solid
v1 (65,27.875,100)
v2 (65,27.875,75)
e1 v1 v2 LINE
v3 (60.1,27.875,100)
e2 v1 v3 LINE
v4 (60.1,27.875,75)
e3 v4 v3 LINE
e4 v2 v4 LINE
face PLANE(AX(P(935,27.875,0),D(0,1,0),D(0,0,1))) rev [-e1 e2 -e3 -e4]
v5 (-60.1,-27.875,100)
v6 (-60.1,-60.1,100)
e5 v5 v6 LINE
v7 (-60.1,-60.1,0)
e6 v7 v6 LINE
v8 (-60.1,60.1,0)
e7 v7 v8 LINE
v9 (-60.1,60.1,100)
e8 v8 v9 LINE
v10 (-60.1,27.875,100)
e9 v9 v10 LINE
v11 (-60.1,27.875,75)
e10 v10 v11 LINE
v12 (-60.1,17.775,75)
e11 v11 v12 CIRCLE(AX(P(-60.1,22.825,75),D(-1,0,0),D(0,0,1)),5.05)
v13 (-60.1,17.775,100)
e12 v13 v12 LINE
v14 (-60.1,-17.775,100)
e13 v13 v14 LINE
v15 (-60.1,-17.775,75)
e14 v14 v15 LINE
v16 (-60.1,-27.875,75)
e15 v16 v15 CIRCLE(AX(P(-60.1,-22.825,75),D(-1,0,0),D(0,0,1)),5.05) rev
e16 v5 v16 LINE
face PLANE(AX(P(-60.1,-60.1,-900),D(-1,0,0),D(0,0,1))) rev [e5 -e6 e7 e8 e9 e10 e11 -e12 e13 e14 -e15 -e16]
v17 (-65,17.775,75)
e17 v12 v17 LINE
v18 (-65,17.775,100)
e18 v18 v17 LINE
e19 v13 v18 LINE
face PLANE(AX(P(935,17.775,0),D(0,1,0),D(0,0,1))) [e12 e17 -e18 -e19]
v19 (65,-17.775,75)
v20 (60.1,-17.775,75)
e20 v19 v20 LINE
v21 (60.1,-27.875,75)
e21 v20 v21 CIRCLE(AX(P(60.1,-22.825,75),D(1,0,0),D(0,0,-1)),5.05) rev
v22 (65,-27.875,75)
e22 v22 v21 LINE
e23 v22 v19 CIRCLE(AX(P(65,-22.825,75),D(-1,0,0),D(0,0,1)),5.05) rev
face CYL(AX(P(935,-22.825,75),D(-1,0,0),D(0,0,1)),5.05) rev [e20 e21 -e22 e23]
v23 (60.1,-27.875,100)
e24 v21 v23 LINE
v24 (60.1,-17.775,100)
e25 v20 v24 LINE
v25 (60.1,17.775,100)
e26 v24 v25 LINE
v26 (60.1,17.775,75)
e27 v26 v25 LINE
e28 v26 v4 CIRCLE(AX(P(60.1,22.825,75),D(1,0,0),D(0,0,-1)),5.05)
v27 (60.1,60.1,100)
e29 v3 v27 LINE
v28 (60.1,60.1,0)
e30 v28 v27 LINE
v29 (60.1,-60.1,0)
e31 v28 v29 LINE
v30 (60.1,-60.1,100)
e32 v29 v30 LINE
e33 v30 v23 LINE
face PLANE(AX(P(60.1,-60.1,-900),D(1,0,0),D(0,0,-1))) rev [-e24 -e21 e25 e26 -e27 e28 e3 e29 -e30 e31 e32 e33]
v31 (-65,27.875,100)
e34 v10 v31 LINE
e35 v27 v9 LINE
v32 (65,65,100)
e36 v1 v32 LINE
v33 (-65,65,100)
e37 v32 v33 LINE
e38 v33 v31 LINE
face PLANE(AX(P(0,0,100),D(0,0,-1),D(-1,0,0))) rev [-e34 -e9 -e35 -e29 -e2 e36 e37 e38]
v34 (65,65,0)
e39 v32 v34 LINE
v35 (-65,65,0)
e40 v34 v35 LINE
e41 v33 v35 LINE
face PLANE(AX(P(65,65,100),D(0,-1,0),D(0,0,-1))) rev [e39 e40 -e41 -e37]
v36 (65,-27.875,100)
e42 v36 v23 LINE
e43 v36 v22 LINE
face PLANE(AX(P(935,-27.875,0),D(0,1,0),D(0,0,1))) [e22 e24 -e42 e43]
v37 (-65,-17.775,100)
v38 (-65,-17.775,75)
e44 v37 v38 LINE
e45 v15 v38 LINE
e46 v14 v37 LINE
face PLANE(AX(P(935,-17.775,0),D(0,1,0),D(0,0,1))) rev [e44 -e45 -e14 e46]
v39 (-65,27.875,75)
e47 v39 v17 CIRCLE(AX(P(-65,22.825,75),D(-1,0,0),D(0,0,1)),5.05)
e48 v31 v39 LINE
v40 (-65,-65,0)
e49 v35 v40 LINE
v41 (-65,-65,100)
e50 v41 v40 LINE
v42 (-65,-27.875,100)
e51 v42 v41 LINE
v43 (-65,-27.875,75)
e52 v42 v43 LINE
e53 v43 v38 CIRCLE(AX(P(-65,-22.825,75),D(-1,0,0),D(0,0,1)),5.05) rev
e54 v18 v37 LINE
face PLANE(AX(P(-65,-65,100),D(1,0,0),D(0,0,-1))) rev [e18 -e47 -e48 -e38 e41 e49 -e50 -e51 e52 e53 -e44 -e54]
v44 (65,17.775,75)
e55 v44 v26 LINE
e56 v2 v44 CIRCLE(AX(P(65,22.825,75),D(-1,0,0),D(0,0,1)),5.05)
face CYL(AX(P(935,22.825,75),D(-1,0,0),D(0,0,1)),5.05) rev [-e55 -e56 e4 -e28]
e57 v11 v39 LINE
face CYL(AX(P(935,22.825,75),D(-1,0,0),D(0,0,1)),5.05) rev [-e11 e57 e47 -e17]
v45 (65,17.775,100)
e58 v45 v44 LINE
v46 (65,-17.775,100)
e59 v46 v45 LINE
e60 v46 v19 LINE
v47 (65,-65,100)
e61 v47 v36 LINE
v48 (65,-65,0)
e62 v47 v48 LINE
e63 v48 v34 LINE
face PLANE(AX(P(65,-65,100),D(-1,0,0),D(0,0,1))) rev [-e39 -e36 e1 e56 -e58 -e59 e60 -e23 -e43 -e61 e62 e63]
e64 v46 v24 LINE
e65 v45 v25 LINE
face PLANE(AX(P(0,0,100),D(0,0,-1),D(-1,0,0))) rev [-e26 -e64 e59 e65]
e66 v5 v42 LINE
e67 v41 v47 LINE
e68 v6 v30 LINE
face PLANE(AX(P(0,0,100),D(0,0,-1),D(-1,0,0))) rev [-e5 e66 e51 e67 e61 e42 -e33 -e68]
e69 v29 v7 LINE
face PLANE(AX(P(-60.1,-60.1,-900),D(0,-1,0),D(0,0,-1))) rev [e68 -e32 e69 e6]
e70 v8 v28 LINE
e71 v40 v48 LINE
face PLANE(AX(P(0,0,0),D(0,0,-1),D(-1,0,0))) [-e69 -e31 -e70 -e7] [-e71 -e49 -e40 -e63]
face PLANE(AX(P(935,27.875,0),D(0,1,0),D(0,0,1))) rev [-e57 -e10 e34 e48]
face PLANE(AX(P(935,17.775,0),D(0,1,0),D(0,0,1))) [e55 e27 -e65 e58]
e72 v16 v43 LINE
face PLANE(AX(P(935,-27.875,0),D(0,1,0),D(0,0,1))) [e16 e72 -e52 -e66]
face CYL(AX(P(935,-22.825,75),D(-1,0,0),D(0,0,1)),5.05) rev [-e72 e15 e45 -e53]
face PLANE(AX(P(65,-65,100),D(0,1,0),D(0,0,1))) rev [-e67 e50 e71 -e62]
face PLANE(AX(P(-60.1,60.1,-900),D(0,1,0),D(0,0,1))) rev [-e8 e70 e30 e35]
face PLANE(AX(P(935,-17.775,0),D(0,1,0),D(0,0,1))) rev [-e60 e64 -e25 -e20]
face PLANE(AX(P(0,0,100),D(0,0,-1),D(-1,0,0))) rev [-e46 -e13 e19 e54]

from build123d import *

# Parameters (mm, degrees)
SKETCH1_W           = 130
SKETCH1_H           = 130
BOSS_EXTRUDE1_DEPTH = 100
SKETCH2_W           = 120.2
SKETCH2_H           = 120.2
CUT_EXTRUDE1_DEPTH  = 1000
CUT_EXTRUDE2_DEPTH  = 1000


with BuildPart() as part:
    # Sketch1 → Boss-Extrude1 (new body)
    with BuildSketch(Plane(origin=(0, 0, 0), x_dir=(0, 1, 0), z_dir=(0, 0, 1))):
        Rectangle(SKETCH1_W, SKETCH1_H)
    extrude(amount=BOSS_EXTRUDE1_DEPTH)

    # Sketch2 → Cut-Extrude1 (cut)
    with BuildSketch(Plane.XY.offset(100)):
        Rectangle(SKETCH2_W, SKETCH2_H)
    extrude(amount=-CUT_EXTRUDE1_DEPTH, mode=Mode.SUBTRACT)

    # Sketch3 → Cut-Extrude2 (cut)
    with BuildSketch(Plane(origin=(-65, 0, 0), x_dir=(0, -1, 0), z_dir=(-1, 0, 0))):
        with BuildLine():
            Line((27.875, 100), (17.775, 100))
            Line((17.775, 100), (17.775, 75))
            ThreePointArc((17.775, 75), (22.825, 80.05), (27.875, 75))
            Line((27.875, 75), (27.875, 100))
        make_face()
        with BuildLine():
            Line((-17.775, 100), (-27.875, 100))
            Line((-27.875, 100), (-27.875, 75))
            ThreePointArc((-27.875, 75), (-22.825, 80.05), (-17.775, 75))
            Line((-17.775, 75), (-17.775, 100))
        make_face()
        with BuildLine():
            ThreePointArc((-17.775, 75), (-22.825, 80.05), (-27.875, 75))
            Line((-27.875, 75), (-17.775, 75))
        make_face()
        with BuildLine():
            Line((-17.775, 75), (-27.875, 75))
            ThreePointArc((-27.875, 75), (-22.825, 69.95), (-17.775, 75))
        make_face()
        with BuildLine():
            ThreePointArc((27.875, 75), (22.825, 80.05), (17.775, 75))
            Line((17.775, 75), (27.875, 75))
        make_face()
        with BuildLine():
            Line((27.875, 75), (17.775, 75))
            ThreePointArc((17.775, 75), (22.825, 69.95), (27.875, 75))
        make_face()
    extrude(amount=-CUT_EXTRUDE2_DEPTH, mode=Mode.SUBTRACT)


solid = part.part
